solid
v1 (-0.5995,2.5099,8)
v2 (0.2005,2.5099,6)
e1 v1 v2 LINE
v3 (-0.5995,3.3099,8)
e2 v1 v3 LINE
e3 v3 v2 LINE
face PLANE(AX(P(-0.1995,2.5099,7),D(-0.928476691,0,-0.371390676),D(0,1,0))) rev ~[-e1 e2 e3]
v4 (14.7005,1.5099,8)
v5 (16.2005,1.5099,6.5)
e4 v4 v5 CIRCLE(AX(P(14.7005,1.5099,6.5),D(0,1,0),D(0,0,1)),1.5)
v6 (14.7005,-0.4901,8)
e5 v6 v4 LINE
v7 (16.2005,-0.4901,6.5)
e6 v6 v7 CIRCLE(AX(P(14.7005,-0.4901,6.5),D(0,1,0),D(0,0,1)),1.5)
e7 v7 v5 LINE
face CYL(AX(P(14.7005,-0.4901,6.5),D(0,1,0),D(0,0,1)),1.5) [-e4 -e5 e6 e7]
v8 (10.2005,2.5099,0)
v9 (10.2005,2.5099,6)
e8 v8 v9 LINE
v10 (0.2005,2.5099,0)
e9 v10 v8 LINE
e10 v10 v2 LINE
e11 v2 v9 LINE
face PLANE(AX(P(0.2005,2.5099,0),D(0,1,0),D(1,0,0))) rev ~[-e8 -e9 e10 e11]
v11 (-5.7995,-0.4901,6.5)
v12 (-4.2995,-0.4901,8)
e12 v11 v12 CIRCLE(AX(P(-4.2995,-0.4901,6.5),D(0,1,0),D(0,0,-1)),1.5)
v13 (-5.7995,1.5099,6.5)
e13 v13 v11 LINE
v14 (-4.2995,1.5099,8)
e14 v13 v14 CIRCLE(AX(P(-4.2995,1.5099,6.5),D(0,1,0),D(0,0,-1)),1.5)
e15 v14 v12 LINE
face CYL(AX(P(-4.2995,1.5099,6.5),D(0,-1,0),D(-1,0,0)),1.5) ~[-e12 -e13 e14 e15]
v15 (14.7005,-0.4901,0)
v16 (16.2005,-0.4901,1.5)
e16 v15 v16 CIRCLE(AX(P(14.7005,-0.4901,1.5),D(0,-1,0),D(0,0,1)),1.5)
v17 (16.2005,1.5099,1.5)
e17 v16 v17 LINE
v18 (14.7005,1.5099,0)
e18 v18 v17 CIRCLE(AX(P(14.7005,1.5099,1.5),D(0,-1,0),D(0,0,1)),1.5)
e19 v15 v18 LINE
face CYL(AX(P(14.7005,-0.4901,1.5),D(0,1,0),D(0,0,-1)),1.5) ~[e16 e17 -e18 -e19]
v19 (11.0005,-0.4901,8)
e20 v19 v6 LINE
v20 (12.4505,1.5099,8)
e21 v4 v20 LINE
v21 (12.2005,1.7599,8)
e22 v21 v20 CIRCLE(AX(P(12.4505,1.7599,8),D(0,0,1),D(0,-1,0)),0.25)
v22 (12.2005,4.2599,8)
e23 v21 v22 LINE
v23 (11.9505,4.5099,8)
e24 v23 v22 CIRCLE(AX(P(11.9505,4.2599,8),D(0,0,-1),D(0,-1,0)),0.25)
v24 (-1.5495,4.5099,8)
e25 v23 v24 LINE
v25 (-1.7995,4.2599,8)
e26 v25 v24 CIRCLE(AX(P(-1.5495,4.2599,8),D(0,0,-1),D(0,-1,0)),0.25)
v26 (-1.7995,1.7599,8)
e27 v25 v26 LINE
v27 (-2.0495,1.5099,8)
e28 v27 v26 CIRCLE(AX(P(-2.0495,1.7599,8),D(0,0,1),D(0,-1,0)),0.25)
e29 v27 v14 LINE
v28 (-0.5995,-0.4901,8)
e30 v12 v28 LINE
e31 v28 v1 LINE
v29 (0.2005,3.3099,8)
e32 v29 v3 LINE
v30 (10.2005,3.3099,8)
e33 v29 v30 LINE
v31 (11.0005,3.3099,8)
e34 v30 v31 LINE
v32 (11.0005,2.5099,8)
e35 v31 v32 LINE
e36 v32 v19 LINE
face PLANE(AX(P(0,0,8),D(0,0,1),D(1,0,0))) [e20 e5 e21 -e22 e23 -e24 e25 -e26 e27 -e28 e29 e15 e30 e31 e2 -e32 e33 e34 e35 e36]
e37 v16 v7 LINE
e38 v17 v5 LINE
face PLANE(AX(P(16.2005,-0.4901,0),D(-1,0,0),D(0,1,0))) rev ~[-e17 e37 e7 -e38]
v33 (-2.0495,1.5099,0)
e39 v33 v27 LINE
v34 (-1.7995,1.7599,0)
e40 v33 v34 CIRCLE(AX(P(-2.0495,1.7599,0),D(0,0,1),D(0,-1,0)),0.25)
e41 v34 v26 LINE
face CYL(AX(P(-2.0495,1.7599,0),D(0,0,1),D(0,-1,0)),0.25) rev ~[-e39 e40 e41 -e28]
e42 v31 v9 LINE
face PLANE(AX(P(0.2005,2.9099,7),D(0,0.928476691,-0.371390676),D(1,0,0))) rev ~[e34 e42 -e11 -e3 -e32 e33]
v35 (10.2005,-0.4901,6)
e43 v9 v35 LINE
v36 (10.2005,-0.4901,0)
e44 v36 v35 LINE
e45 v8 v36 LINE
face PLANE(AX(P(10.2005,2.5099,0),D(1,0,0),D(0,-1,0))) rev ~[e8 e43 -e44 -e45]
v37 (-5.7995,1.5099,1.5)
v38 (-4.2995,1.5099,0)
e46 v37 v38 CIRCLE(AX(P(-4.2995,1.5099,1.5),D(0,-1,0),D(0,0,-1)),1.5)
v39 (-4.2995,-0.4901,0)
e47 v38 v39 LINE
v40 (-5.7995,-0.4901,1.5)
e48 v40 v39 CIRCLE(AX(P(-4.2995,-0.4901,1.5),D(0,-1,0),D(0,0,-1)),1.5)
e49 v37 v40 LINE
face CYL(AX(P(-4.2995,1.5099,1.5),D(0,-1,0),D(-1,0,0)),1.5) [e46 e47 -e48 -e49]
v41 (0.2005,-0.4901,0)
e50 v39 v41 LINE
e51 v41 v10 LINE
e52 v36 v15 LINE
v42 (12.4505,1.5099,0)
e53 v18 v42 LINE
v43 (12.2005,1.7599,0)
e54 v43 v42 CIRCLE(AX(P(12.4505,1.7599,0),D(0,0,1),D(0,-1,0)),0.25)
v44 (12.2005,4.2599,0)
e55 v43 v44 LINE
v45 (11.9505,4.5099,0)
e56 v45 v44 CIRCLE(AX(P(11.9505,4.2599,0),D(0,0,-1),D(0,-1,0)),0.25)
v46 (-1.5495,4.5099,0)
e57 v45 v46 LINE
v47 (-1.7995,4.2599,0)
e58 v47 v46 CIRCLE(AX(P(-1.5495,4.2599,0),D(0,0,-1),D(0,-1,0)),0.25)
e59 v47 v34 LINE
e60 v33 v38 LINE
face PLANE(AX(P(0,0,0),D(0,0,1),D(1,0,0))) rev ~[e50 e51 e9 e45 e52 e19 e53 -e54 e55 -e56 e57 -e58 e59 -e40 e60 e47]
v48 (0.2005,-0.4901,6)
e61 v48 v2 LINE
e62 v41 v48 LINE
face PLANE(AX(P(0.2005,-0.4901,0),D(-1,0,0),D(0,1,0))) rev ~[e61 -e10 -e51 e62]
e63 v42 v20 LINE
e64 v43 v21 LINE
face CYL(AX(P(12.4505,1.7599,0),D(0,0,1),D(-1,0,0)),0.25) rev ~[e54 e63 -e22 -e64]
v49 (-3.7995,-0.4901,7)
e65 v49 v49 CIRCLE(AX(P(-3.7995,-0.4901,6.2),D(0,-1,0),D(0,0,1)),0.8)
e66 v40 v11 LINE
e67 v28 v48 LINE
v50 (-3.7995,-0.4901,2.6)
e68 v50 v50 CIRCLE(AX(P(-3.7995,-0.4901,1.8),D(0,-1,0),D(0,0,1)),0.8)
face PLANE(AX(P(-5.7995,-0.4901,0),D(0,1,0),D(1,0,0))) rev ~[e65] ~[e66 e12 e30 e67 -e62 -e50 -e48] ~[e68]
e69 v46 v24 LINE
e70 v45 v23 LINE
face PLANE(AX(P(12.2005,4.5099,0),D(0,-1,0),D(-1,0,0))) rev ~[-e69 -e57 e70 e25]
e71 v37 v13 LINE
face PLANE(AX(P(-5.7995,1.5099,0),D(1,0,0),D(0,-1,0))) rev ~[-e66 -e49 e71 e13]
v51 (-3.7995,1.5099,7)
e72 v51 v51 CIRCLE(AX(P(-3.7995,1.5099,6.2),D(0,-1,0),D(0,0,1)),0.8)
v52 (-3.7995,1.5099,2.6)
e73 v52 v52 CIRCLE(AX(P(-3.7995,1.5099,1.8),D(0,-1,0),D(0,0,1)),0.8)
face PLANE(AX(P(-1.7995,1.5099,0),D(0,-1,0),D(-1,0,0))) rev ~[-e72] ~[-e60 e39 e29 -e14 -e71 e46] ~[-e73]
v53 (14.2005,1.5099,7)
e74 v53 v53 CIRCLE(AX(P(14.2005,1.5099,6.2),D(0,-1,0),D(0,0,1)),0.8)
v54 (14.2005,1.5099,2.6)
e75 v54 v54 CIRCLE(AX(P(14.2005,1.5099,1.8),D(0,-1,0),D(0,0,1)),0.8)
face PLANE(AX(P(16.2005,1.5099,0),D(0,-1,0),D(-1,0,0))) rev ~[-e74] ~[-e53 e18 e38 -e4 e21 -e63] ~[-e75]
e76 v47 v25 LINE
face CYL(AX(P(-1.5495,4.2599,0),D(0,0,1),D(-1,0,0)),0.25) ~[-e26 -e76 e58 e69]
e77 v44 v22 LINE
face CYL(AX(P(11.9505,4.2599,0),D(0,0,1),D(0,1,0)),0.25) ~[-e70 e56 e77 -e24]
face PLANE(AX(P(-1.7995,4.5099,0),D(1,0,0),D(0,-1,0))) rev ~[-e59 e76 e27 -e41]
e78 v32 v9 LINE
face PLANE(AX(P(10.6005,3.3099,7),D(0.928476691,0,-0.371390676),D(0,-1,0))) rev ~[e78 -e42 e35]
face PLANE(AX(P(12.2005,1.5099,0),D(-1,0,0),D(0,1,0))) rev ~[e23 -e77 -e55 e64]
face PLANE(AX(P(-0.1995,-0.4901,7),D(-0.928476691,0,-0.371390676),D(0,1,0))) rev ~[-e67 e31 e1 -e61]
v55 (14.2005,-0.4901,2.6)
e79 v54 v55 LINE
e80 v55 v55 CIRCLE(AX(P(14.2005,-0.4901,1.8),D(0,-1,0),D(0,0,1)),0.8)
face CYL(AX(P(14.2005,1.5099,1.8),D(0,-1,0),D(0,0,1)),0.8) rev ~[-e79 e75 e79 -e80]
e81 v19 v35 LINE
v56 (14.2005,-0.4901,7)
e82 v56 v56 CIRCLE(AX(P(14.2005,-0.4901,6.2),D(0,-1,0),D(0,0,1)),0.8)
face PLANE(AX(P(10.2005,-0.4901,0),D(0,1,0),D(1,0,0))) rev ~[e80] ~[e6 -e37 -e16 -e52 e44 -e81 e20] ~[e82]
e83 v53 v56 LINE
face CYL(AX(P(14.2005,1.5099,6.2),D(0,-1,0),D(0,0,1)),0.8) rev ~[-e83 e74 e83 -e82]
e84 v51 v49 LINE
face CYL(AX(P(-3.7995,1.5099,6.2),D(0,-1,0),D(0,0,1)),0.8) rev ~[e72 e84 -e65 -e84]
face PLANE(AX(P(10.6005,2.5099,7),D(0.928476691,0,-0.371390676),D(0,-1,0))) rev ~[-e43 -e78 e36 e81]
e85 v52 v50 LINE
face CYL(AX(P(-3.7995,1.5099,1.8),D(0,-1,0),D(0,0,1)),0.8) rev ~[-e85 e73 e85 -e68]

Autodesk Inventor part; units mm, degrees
ref_plane "YZ Plane" through (0, 0, 0) normal (1, 0, 0) x (0, 1, 0)
ref_plane "XZ Plane" through (0, 0, 0) normal (0, 1, 0) x (-1, 0, 0)
ref_plane "XY Plane" through (0, 0, 0) normal (0, 0, 1) x (1, 0, 0)
sketch "Sketch1" plane through (0, 0, 0) normal (0, 0, 1) x (1, 0, 0)
  line L0 (-5.7995, -0.4901) -> (0.2005, -0.4901)
  line L1 (0.2005, -0.4901) -> (0.2005, 2.5099)
  line L2 (0.2005, 2.5099) -> (10.2005, 2.5099)
  line L3 (10.2005, 2.5099) -> (10.2005, -0.4901)
  line L4 (10.2005, -0.4901) -> (16.2005, -0.4901)
  line L5 (16.2005, -0.4901) -> (16.2005, 1.5099)
  line L6 (16.2005, 1.5099) -> (12.2005, 1.5099)
  line L7 (12.2005, 1.5099) -> (12.2005, 4.5099)
  line L8 (12.2005, 4.5099) -> (-1.7995, 4.5099)
  line L9 (-1.7995, 4.5099) -> (-1.7995, 1.5099)
  line L10 (-1.7995, 1.5099) -> (-5.7995, 1.5099)
  line L11 (-5.7995, 1.5099) -> (-5.7995, -0.4901)
  point P0 (0, 0)
  dimension "d0" = 3
  dimension "d1" = 2
  dimension "d2" = 2
  dimension "d3" = 2
  dimension "d4" = 2
  dimension "d5" = 2
  dimension "d6" = 10
  dimension "d7" = 6
  dimension "d8" = 6
extrude "Extrusion1" add sketch "Sketch1" along normal blind 8
sketch "Sketch2" plane through (12.2005, 1.5099, 0) normal (0, 1, 0) x (1, 0, 0)
  line L0 (-14, 0) -> (-18, 0) projected
  line L1 (-18, 0) -> (-18, -8) projected
  line L2 (-14, -8) -> (-18, -8) projected
  line L3 (-14, 0) -> (-14, -8) projected
  line L4 (4, 0) -> (0, 0) projected
  line L5 (0, 0) -> (0, -8) projected
  line L6 (4, -8) -> (0, -8) projected
  line L7 (4, 0) -> (4, -8) projected
  point P0 (-12.2005, 0)
  point P1 (-16, -1.8)
  point P2 (-16, -6.2)
  point P3 (2, -1.8)
  point P4 (2, -6.2)
  dimension "d11" = 1.8
  dimension "d12" = 1.8
  dimension "d13" = 2
  dimension "d14" = 2
hole "Hole1" at (-3.7995, 1.5099, 1.8) at (-3.7995, 1.5099, 6.2) at (14.2005, 1.5099, 1.8) at (14.2005, 1.5099, 6.2) direction (0, -1, 0) diameter 1.6 depth 8 tip angle 118
fillet "Fillet1" radius 1.5 4 edges at (16.2005, 0.5099, 0) (16.2005, 0.5099, 8) (-5.7995, 0.5099, 0) (-5.7995, 0.5099, 8)
fillet "Fillet2" radius 0.25 4 edges at (12.2005, 4.5099, 4) (12.2005, 1.5099, 4) (-1.7995, 1.5099, 4) (-1.7995, 4.5099, 4)
chamfer "Chamfer1" distance 0.8 distance2 2 1 edges at (5.2005, 2.5099, 8) measured on face at (3.5338, 3.8432, 8)
chamfer "Chamfer2" distance 0.8 distance2 2 1 edges at (0.2005, 1.0099, 8) measured on face at (3.5338, 4.1099, 8)
chamfer "Chamfer3" distance 0.8 distance2 2 1 edges at (10.2005, 1.0099, 8) measured on face at (3.5338, 4.1099, 8)
equation "\"d2\" = d1"
equation "\"d3\" = d1"
equation "\"d4\" = d1"
equation "\"d5\" = d1"
equation "\"d7\" = d8"
equation "\"d12\" = d11"
equation "\"d14\" = d13"
properties part number "CNCM_ALU_Visial_inspection_tray_bucket_mount" material "Aluminum 6061"
